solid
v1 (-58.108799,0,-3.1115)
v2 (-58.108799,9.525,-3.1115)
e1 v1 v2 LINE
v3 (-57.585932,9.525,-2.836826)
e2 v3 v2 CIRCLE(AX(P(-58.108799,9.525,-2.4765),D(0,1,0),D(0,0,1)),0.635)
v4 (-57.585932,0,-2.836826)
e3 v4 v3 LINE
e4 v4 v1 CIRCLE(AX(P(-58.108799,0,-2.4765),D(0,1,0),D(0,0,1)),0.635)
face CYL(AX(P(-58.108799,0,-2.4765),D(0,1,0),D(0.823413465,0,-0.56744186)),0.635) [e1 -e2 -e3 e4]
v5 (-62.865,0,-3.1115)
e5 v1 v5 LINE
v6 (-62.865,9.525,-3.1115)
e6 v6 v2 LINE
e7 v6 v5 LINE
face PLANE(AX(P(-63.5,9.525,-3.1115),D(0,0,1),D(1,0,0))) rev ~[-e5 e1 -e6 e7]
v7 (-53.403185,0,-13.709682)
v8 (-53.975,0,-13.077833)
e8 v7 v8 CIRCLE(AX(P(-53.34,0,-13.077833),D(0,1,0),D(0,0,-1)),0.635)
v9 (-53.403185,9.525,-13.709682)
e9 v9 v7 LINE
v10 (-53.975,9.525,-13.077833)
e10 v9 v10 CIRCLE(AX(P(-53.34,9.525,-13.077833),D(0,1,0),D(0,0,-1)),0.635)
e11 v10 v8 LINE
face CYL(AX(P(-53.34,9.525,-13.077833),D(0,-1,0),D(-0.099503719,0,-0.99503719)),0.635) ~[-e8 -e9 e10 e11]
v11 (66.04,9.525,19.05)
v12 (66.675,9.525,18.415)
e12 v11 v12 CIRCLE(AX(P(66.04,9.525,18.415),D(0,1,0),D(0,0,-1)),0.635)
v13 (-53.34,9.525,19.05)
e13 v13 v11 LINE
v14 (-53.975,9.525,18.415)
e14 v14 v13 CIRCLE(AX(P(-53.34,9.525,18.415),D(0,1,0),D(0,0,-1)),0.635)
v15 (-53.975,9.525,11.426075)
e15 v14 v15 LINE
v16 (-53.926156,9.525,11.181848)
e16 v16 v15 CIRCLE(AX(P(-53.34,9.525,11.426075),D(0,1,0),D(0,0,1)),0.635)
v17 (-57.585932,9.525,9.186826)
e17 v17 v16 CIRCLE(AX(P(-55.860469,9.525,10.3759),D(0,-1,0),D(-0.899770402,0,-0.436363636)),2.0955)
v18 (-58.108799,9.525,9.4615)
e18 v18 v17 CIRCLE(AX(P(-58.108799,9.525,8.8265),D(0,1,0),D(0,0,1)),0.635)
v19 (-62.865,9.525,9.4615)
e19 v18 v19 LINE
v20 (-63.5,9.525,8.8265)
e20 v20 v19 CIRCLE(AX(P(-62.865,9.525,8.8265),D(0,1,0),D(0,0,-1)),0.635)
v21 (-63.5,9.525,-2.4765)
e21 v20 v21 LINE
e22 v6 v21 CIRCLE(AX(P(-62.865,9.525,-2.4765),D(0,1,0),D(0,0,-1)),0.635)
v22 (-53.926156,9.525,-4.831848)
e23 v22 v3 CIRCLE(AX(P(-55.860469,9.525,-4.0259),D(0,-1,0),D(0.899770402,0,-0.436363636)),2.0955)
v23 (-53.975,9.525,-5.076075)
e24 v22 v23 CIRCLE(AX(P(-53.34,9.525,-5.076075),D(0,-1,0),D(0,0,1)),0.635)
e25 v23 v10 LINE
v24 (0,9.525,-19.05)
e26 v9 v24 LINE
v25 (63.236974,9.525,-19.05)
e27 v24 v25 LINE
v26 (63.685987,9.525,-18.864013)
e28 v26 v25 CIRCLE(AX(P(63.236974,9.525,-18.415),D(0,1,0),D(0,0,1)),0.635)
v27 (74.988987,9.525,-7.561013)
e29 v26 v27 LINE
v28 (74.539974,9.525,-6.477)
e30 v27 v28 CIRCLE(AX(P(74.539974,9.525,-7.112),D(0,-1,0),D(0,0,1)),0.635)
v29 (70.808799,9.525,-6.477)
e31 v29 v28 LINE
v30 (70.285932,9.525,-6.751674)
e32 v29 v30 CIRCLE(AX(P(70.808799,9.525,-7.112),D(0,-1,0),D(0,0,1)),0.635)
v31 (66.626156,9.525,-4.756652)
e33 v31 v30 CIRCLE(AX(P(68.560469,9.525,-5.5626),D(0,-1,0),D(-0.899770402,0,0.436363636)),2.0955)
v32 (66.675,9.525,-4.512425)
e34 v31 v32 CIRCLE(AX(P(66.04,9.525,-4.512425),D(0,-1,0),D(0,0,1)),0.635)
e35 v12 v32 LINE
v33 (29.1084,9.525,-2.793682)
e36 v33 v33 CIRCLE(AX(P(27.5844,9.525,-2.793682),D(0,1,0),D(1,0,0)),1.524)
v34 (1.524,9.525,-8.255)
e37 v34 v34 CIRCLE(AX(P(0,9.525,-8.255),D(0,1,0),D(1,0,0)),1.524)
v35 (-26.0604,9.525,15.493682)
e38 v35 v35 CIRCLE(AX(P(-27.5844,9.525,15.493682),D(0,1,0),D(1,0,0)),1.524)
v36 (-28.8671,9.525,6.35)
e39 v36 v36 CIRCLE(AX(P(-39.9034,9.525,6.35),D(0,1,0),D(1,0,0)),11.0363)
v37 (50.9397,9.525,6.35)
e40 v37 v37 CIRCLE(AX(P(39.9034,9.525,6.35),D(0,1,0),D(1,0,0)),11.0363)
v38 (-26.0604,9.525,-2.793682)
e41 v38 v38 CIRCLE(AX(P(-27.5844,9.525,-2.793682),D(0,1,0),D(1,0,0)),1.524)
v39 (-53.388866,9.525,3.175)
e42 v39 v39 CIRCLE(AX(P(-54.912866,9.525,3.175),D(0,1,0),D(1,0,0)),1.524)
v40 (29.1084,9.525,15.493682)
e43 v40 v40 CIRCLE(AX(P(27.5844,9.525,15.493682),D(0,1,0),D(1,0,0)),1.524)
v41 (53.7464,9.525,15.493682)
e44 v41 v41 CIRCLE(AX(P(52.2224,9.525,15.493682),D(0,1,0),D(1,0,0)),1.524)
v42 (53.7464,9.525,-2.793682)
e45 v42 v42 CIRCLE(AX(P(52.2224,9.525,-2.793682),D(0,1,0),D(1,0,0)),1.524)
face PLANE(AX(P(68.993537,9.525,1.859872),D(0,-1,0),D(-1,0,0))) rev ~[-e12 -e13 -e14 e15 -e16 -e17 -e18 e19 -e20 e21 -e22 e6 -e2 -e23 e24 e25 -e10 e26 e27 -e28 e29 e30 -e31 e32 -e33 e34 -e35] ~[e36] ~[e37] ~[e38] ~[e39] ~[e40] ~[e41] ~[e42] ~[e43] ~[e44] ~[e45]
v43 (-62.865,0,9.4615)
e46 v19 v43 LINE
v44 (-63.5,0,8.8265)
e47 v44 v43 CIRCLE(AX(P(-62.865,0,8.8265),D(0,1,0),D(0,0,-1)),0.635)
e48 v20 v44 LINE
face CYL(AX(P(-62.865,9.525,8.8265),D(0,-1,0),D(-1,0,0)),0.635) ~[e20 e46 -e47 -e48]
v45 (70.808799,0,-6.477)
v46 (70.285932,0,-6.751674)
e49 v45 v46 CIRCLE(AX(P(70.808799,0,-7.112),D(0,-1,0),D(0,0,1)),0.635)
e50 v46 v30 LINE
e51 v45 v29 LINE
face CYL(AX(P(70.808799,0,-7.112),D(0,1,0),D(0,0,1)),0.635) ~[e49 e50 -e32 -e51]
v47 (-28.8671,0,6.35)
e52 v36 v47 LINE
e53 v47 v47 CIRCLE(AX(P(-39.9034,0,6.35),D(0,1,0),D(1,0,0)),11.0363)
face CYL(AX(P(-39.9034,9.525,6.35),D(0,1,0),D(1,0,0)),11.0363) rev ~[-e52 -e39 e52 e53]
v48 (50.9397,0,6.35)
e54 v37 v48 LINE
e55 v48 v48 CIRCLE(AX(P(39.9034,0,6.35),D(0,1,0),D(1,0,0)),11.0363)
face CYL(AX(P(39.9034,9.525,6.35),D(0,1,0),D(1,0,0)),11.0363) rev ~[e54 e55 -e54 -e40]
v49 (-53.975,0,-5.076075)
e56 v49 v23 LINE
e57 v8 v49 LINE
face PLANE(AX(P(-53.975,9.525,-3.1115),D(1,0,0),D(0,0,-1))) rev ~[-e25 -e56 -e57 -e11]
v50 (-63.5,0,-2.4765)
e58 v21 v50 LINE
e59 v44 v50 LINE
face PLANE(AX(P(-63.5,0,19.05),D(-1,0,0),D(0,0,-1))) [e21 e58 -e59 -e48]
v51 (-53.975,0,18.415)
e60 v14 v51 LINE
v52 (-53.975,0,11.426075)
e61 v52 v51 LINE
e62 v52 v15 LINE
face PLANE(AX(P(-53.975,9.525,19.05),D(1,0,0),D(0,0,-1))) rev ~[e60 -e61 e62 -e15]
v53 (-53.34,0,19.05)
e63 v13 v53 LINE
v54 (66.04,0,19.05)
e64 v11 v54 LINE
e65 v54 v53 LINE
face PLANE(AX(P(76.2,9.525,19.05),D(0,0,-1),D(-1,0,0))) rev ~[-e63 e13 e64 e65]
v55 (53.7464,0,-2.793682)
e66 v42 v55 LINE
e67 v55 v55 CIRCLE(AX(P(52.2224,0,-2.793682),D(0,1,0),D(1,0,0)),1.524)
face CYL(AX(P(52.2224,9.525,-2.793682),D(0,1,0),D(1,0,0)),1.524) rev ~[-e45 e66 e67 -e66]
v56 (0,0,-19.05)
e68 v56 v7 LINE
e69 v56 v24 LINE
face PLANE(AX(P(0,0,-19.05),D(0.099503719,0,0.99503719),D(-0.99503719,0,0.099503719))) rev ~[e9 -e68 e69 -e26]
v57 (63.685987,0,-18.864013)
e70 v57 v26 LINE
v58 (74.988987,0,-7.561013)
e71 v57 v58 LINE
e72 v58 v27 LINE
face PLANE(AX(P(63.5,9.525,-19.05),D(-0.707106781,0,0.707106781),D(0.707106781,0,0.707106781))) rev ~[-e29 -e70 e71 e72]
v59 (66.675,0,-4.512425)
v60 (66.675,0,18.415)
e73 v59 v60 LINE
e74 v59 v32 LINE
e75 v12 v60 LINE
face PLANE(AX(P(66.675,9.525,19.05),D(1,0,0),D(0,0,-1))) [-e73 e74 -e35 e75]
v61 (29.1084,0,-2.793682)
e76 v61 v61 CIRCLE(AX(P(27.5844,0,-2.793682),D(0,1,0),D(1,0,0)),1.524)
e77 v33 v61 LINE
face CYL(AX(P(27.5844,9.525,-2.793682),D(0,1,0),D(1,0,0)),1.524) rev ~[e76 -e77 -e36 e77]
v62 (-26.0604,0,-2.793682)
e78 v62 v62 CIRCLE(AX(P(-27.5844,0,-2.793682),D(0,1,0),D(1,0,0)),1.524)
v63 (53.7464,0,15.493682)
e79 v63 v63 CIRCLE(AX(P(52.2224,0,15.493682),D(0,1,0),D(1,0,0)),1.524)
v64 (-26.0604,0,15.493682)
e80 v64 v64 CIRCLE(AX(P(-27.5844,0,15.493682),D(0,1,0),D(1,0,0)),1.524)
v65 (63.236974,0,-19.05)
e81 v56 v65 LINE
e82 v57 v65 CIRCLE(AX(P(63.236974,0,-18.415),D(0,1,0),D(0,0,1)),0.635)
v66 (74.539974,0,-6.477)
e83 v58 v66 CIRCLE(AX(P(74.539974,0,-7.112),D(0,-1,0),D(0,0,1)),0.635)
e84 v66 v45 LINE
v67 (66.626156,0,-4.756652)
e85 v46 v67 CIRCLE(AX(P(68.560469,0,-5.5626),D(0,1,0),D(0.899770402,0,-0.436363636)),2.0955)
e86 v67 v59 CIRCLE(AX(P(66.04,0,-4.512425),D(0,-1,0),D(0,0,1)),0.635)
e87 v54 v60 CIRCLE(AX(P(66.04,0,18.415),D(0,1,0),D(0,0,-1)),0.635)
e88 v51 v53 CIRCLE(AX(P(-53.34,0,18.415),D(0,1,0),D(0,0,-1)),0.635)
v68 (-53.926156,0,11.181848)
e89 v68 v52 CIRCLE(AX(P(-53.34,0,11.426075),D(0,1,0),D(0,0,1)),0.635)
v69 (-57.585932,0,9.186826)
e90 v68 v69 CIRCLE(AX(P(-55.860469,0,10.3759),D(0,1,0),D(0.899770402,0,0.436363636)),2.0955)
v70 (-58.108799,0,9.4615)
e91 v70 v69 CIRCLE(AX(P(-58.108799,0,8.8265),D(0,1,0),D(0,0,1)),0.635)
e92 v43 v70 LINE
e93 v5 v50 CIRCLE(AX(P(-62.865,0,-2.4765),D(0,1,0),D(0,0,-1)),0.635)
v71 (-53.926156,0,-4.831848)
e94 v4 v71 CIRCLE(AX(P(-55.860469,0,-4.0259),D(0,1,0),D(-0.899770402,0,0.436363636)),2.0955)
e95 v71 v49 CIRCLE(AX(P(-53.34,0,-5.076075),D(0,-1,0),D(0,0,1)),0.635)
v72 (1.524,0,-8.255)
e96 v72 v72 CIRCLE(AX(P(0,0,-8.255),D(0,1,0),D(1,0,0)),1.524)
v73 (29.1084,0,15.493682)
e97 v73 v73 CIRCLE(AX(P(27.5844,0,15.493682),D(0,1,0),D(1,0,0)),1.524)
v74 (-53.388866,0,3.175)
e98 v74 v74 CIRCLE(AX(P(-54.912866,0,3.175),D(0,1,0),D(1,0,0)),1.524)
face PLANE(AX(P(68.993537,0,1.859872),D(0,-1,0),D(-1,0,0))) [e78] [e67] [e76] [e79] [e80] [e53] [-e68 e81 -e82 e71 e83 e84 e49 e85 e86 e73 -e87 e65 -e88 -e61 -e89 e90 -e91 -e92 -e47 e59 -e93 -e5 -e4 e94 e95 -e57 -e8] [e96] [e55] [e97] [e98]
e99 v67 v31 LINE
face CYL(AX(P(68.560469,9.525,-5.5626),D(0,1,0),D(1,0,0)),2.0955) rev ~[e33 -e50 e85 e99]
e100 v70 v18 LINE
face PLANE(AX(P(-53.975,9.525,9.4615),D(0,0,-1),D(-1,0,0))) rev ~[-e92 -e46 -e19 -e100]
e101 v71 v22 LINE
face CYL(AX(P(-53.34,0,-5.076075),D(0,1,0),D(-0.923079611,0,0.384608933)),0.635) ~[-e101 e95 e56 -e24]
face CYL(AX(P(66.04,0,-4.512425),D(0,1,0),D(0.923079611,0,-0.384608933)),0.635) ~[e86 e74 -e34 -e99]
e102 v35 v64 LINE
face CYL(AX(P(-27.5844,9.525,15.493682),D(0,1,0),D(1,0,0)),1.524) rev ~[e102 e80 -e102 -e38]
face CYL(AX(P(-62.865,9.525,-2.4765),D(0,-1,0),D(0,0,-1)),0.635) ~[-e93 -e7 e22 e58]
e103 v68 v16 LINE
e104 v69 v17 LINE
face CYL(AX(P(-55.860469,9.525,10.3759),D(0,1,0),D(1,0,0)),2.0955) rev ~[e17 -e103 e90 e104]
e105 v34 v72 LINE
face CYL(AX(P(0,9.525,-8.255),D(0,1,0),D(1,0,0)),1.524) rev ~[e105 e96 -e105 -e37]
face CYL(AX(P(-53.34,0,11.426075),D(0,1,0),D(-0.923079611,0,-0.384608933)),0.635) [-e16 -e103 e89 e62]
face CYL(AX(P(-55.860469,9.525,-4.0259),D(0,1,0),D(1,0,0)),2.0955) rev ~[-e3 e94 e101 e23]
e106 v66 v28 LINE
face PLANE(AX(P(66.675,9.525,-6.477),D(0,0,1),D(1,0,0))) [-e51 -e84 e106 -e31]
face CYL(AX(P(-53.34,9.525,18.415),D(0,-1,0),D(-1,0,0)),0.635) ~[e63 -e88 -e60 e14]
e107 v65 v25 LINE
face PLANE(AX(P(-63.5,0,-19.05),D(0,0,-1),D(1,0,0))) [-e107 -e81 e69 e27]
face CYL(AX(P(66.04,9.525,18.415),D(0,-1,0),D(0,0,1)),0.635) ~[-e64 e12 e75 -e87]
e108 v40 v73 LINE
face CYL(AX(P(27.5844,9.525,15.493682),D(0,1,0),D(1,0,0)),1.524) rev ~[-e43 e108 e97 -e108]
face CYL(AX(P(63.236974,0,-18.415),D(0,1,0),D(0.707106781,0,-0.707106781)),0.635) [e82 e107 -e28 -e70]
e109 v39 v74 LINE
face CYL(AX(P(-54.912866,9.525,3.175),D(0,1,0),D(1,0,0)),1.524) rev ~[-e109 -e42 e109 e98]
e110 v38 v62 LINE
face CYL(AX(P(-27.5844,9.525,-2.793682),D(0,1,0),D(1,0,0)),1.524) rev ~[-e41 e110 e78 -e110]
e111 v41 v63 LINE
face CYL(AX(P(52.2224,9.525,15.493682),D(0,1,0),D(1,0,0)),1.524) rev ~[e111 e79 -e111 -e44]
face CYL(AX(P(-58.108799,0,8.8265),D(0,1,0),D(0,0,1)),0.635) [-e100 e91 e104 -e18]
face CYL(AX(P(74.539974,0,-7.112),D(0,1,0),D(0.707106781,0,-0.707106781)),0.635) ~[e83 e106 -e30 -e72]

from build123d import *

# Parameters (mm, degrees)
SKETCH1_W           = 127
SKETCH1_H           = 38.1
BOSS_EXTRUDE1_DEPTH = 9.525
CUT_EXTRUDE2_DEPTH  = 10.525
SKETCH4_R           = 2.2225
CUT_EXTRUDE3_DEPTH  = 10.525
SKETCH5_R           = 3.1115
CUT_EXTRUDE4_DEPTH  = 2.5
SKETCH7_R           = 1.3890625
CUT_EXTRUDE6_DEPTH  = 10.525
SKETCH8_R           = 11.0363
CUT_EXTRUDE7_DEPTH  = 10.525
SKETCH9_R           = 1.524
CUT_EXTRUDE8_DEPTH  = 10.525
BOSS_EXTRUDE3_DEPTH = 9.525
SKETCH11_R          = 1.3890625
CUT_EXTRUDE9_DEPTH  = 10.525
CUT_EXTRUDE10_DEPTH = 10.525
SKETCH14_R          = 2.0955
CUT_EXTRUDE11_DEPTH = 10.525
SKETCH15_W          = 9.525
SKETCH15_H          = 25.527
CUT_EXTRUDE12_DEPTH = 10.525
SKETCH16_R          = 2.0955
CUT_EXTRUDE13_DEPTH = 10.525
SKETCH17_R          = 1.524
CUT_EXTRUDE14_DEPTH = 10.525
FILLET1_R           = 0.635


with BuildPart() as part:
    # Sketch1 → Boss-Extrude1 (new body)
    with BuildSketch(Plane(origin=(0, 0, 0), x_dir=(1, 0, 0), z_dir=(0, 1, 0))):
        Rectangle(SKETCH1_W, SKETCH1_H)
    extrude(amount=BOSS_EXTRUDE1_DEPTH)

    # Sketch3 → Cut-Extrude2 (cut, through all)
    with BuildSketch(Plane.XZ):
        Polygon((0, -19.05), (-63.5, -12.7), (-63.5, -19.05), align=None)
    extrude(amount=-CUT_EXTRUDE2_DEPTH, mode=Mode.SUBTRACT)

    # Sketch4 → Cut-Extrude3 (cut, through all)
    with BuildSketch(Plane(origin=(0, 9.525, 0), x_dir=(1, 0, 0), z_dir=(0, 1, 0))):
        with Locations((-39.9034, -6.35)):
            Circle(SKETCH4_R)
        with Locations((39.9034, -6.35)):
            Circle(SKETCH4_R)
    extrude(amount=-CUT_EXTRUDE3_DEPTH, mode=Mode.SUBTRACT)

    # Sketch5 → Cut-Extrude4 (cut)
    with BuildSketch(Plane(origin=(0, 9.525, 0), x_dir=(1, 0, 0), z_dir=(0, 1, 0))):
        with Locations((-39.9034, -6.35)):
            Circle(SKETCH5_R)
        with Locations((39.9034, -6.35)):
            Circle(SKETCH5_R)
    extrude(amount=-CUT_EXTRUDE4_DEPTH, mode=Mode.SUBTRACT)

    # Sketch7 → Cut-Extrude6 (cut, through all)
    with BuildSketch(Plane.XZ):
        with Locations((-58.7375, -7.9375)):
            Circle(SKETCH7_R)
        with Locations((-58.7375, 14.2875)):
            Circle(SKETCH7_R)
    extrude(amount=-CUT_EXTRUDE6_DEPTH, mode=Mode.SUBTRACT)

    # Sketch8 → Cut-Extrude7 (cut, through all)
    with BuildSketch(Plane(origin=(0, 9.525, 0), x_dir=(1, 0, 0), z_dir=(0, 1, 0))):
        with Locations((-39.9034, -6.35)):
            Circle(SKETCH8_R)
        with Locations((39.9034, -6.35)):
            Circle(SKETCH8_R)
    extrude(amount=-CUT_EXTRUDE7_DEPTH, mode=Mode.SUBTRACT)

    # Sketch9 → Cut-Extrude8 (cut, through all)
    with BuildSketch(Plane(origin=(0, 9.525, 0), x_dir=(1, 0, 0), z_dir=(0, 1, 0))):
        with Locations((0, 8.255)):
            Circle(SKETCH9_R)
    extrude(amount=-CUT_EXTRUDE8_DEPTH, mode=Mode.SUBTRACT)

    # Sketch10 → Boss-Extrude3 (add, through all)
    with BuildSketch(Plane(origin=(0, 9.525, 0), x_dir=(1, 0, 0), z_dir=(0, 1, 0))):
        Polygon((63.5, -19.05), (63.5, 19.05), (76.2, 6.35), (76.2, -19.05), align=None)
    extrude(amount=-BOSS_EXTRUDE3_DEPTH)

    # Sketch11 → Cut-Extrude9 (cut, through all)
    with BuildSketch(Plane(origin=(0, 9.525, 0), x_dir=(1, 0, 0), z_dir=(0, 1, 0))):
        with Locations((71.4375, 1.5875)):
            Circle(SKETCH11_R)
        with Locations((71.4375, -14.2875)):
            Circle(SKETCH11_R)
    extrude(amount=-CUT_EXTRUDE9_DEPTH, mode=Mode.SUBTRACT)

    # Sketch13 → Cut-Extrude10 (cut, through all)
    with BuildSketch(Plane(origin=(0, 9.525, 0), x_dir=(1, 0, 0), z_dir=(0, 1, 0))):
        Polygon((-63.5, -19.05), (-53.975, -19.05), (-53.975, -9.4615), (-63.5, -9.4615), (-63.5, -14.2875), align=None)
        Polygon((-63.5, 12.7), (-63.5, 3.1115), (-53.975, 3.1115), (-53.975, 12.7), (-53.975, 13.6525), align=None)
    extrude(amount=-CUT_EXTRUDE10_DEPTH, mode=Mode.SUBTRACT)

    # Sketch14 → Cut-Extrude11 (cut, through all)
    with BuildSketch(Plane(origin=(0, 9.525, 0), x_dir=(1, 0, 0), z_dir=(0, 1, 0))):
        with Locations((-55.860468878, 4.0259)):
            Circle(SKETCH14_R)
        with Locations((-55.860468878, -10.3759)):
            Circle(SKETCH14_R)
    extrude(amount=-CUT_EXTRUDE11_DEPTH, mode=Mode.SUBTRACT)

    # Sketch15 → Cut-Extrude12 (cut, through all)
    with BuildSketch(Plane(origin=(0, 9.525, 0), x_dir=(1, 0, 0), z_dir=(0, 1, 0))):
        with Locations((71.4375, -6.2865)):
            Rectangle(SKETCH15_W, SKETCH15_H)
    extrude(amount=-CUT_EXTRUDE12_DEPTH, mode=Mode.SUBTRACT)

    # Sketch16 → Cut-Extrude13 (cut, through all)
    with BuildSketch(Plane(origin=(0, 9.525, 0), x_dir=(1, 0, 0), z_dir=(0, 1, 0))):
        with Locations((68.560468878, 5.5626)):
            Circle(SKETCH16_R)
    extrude(amount=-CUT_EXTRUDE13_DEPTH, mode=Mode.SUBTRACT)

    # Sketch17 → Cut-Extrude14 (cut, through all)
    with BuildSketch(Plane(origin=(0, 9.525, 0), x_dir=(1, 0, 0), z_dir=(0, 1, 0))):
        with Locations((-54.912865865, -3.175)):
            Circle(SKETCH17_R)
        with Locations((-27.5844, 2.793682494)):
            Circle(SKETCH17_R)
        with Locations((-27.5844, -15.493682494)):
            Circle(SKETCH17_R)
        with Locations((27.5844, -15.493682494)):
            Circle(SKETCH17_R)
        with Locations((27.5844, 2.793682494)):
            Circle(SKETCH17_R)
        with Locations((52.2224, 2.793682494)):
            Circle(SKETCH17_R)
        with Locations((52.2224, -15.493682494)):
            Circle(SKETCH17_R)
    extrude(amount=-CUT_EXTRUDE14_DEPTH, mode=Mode.SUBTRACT)

    # Fillet1
    fillet1_edges = [part.edges().sort_by_distance(p)[0] for p in [
        (-63.5, 4.7625, 9.4615),
        (-53.975, 4.7625, 19.05),
        (-53.975, 4.7625, -13.6525),
        (-63.5, 4.7625, -3.1115),
        (-53.975, 4.7625, 11.2903),
        (-57.745937756, 4.7625, -3.1115),
        (-53.975, 4.7625, -4.9403),
        (-57.745937756, 4.7625, 9.4615),
        (76.073, 4.7625, -6.477),
        (66.675, 4.7625, 19.05),
        (0, 4.7625, -19.05),
        (70.445937756, 4.7625, -6.477),
        (66.675, 4.7625, -4.6482),
        (63.5, 4.7625, -19.05),
    ]]
    fillet(fillet1_edges, radius=FILLET1_R)


solid = part.part
